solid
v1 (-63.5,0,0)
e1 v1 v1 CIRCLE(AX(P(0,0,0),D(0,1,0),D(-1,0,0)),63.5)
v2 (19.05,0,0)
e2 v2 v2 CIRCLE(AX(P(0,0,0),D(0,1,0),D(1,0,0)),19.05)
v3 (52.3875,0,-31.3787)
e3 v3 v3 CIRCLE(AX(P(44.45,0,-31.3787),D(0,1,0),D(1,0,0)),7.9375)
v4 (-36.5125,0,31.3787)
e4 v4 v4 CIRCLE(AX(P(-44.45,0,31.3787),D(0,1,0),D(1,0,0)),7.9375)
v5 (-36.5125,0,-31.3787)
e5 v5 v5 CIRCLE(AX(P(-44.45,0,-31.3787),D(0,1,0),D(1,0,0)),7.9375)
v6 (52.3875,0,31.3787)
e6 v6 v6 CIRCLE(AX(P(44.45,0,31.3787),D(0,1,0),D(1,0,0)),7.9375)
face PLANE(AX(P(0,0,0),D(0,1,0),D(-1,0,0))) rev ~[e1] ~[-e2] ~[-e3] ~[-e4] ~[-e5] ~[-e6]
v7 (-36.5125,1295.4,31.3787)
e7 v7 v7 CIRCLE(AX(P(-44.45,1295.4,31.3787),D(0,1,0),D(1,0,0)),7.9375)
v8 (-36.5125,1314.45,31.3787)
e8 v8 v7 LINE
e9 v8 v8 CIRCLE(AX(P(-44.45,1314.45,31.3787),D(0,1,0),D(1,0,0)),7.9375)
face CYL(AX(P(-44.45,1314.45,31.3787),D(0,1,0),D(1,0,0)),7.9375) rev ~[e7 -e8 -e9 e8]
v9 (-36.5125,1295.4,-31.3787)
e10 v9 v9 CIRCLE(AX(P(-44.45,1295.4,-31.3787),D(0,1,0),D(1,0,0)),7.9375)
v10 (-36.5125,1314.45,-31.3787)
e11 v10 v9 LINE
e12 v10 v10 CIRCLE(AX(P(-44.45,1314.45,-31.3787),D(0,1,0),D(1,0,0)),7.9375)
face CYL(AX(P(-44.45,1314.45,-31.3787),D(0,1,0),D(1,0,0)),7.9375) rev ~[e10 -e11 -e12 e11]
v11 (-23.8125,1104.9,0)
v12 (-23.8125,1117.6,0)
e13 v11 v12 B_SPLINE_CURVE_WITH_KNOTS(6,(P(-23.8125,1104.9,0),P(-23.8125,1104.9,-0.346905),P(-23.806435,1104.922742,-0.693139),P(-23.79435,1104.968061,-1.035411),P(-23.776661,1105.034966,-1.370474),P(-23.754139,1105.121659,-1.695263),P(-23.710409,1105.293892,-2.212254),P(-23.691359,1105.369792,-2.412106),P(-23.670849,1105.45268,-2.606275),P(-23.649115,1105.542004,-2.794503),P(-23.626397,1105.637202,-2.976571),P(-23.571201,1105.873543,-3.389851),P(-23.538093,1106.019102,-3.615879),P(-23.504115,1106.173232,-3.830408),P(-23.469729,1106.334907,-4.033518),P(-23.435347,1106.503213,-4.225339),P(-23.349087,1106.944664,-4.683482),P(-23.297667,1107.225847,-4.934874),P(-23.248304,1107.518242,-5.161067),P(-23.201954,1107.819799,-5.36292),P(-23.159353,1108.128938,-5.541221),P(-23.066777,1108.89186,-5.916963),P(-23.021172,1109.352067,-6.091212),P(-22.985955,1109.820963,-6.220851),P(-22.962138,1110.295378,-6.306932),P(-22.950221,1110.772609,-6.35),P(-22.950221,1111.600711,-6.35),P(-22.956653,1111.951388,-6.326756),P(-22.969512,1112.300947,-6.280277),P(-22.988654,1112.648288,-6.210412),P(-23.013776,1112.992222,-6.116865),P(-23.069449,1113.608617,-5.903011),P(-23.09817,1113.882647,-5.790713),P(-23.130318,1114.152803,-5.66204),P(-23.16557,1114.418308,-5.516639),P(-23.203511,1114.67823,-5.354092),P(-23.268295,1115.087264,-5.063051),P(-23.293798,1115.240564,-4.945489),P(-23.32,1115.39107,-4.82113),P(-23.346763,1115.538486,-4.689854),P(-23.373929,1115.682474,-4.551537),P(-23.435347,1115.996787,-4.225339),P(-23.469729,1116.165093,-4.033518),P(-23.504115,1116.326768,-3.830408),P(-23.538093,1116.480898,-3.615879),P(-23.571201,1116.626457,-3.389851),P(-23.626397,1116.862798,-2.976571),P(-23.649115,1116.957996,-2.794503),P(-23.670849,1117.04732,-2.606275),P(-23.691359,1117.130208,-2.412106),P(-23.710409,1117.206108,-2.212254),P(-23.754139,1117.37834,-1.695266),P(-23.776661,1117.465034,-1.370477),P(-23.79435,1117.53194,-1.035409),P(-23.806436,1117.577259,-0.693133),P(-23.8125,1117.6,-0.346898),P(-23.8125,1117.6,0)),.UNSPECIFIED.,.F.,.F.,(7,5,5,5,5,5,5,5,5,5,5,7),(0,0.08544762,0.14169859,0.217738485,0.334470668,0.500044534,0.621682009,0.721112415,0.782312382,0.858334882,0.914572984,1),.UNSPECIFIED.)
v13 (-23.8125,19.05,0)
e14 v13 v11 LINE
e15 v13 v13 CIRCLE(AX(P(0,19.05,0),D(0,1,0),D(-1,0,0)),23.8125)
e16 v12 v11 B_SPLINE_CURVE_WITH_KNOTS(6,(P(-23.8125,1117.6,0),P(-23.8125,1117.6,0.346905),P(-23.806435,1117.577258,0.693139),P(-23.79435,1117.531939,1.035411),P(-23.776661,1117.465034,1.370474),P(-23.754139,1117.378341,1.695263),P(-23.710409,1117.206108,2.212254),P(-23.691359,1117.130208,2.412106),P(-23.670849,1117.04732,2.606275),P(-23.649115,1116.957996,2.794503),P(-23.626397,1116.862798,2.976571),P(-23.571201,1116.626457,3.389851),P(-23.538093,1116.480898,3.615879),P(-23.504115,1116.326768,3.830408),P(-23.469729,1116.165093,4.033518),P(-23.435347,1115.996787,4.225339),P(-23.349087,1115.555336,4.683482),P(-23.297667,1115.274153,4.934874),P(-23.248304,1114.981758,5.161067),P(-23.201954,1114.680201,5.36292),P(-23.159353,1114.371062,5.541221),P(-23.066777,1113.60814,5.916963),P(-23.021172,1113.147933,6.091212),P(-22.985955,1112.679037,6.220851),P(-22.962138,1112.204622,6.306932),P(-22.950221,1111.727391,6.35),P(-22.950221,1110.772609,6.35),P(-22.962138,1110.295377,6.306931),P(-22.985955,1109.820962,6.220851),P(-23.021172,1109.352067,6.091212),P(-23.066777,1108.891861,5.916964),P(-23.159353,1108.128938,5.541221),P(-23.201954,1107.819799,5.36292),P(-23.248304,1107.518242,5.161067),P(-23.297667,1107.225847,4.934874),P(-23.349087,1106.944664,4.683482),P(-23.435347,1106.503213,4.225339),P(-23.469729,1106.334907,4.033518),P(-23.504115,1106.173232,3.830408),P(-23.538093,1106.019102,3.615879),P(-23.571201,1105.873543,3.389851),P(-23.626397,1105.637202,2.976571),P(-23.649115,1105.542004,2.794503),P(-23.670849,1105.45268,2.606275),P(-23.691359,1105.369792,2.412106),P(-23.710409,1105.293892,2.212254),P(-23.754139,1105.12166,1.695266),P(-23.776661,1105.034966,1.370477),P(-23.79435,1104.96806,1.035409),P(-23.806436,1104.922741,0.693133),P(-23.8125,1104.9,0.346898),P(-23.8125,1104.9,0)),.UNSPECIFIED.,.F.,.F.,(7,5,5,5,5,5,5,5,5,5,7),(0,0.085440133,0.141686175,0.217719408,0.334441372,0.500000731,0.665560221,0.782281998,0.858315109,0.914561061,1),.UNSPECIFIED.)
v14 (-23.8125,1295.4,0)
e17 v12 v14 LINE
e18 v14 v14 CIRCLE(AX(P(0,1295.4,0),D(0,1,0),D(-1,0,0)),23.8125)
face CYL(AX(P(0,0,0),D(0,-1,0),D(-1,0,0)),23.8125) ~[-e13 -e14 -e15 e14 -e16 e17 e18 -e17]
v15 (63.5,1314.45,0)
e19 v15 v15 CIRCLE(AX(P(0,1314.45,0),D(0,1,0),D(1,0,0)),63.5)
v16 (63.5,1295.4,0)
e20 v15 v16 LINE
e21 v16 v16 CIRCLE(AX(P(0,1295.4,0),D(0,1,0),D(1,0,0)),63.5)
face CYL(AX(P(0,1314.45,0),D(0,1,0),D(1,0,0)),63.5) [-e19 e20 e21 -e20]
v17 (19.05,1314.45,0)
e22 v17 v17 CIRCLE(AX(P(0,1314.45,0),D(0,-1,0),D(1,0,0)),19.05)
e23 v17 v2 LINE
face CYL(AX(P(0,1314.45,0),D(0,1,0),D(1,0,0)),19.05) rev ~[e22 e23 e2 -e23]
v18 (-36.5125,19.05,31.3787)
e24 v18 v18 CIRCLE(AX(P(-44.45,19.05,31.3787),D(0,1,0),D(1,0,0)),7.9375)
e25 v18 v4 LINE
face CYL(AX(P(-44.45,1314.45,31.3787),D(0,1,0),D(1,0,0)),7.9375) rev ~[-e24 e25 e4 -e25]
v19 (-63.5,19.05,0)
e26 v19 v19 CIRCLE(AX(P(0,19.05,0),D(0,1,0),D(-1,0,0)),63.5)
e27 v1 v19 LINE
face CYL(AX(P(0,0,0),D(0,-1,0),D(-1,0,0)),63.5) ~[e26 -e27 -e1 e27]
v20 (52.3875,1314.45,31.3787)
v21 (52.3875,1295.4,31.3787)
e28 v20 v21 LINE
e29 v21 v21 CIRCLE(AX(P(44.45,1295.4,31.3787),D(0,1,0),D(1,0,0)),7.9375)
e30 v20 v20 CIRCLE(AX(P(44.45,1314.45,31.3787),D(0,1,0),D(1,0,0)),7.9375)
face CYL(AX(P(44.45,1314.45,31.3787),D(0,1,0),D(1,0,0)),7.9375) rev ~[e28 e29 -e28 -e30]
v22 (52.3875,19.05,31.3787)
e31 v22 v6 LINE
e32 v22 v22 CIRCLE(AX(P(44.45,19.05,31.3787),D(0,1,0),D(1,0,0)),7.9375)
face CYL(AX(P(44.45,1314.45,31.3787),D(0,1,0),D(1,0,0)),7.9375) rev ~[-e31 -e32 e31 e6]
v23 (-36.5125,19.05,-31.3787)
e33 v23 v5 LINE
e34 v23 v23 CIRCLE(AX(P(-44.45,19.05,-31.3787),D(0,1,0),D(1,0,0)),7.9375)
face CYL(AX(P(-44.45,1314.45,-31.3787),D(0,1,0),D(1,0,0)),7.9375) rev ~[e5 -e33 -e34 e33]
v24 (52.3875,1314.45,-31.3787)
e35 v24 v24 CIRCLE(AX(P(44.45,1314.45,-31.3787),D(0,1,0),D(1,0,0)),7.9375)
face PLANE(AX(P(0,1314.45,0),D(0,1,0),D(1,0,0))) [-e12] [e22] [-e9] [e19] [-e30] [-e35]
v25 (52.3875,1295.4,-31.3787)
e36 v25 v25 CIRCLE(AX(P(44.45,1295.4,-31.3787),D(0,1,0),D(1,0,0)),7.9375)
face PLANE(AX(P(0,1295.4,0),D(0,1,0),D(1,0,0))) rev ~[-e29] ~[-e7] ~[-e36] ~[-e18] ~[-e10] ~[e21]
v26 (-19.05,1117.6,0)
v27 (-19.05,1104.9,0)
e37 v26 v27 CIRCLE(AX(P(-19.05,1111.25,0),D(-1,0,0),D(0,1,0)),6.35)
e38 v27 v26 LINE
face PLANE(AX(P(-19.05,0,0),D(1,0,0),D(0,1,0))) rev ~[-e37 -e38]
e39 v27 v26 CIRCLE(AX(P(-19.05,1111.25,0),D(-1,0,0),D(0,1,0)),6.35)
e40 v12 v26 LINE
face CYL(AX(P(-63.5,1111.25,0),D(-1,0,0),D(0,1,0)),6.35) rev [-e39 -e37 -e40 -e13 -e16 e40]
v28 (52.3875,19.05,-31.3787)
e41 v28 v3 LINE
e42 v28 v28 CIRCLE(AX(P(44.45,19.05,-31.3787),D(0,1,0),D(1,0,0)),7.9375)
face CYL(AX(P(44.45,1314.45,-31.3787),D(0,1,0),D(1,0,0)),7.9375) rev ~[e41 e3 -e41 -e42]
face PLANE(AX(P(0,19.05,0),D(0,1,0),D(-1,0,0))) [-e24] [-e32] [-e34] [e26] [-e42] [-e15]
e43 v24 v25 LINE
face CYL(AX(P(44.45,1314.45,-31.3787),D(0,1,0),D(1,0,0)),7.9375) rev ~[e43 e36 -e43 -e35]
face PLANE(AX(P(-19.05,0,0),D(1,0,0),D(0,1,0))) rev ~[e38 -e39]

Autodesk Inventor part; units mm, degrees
ref_plane "XZ Plane" through (0, 0, 0) normal (0, 1, 0) x (-1, 0, 0)
ref_plane "XY Plane" through (0, 0, 0) normal (0, 0, 1) x (1, 0, 0)
sketch "Sketch1" plane through (0, 0, 0) normal (0, 1, 0) x (-1, 0, 0)
  circle A0 centre (0, 0) radius 23.8125
  circle A1 centre (0, 0) radius 63.5
  dimension "d2" = 127
  dimension "d8" = 47.625
extrude "Extrusion1" add sketch "Sketch1" along normal blind 1314.45 contours A0
extrude "Extrusion2" add sketch "Sketch1" along normal blind 19.05
sketch "Sketch3" plane through (0, 1314.45, 0) normal (0, 1, 0) x (1, 0, 0)
  circle A0 centre (0, 0) radius 23.8125 projected
  circle A1 centre (0, 0) radius 63.5
  dimension "d5" = 127
extrude "Extrusion3" add sketch "Sketch3" against normal blind 19.05
sketch "Sketch4" plane through (0, 1314.45, 0) normal (0, 1, 0) x (1, 0, 0)
  circle A0 centre (0, 0) radius 63.5 projected
  line L0 (0, 63.5) -> (0, -63.5)
  line L1 (63.5, 0) -> (-63.5, 0)
  circle A1 centre (44.45, 31.3787) radius 7.9375
  circle A2 centre (0, 0) radius 19.05
  circle A3 centre (44.45, -31.3787) radius 7.9375
  circle A4 centre (-44.45, 31.3787) radius 7.9375
  circle A5 centre (-44.45, -31.3787) radius 7.9375
  line L2 (0, 0) -> (-44.9013, 44.9013)
  line L3 (0, 0) -> (44.9013, 44.9013)
  point P0 (-22.4506, 22.4506)
  dimension "d9" = 38.1
  dimension "d12" = 44.45
  dimension "d13" = 15.875
  dimension "d26" = 45
  dimension "d28" = 45
extrude "Extrusion4" cut sketch "Sketch4" against normal blind 1314.45 contours A2 L0 L1 | L1 L3 A2 | L3 L0 A2 | A2 L1 L0 | L2 A2 L0 | L1 A2 L2
extrude "Extrusion5" cut sketch "Sketch4" against normal blind 1314.45 contours A1 | A3 | A4 | A5
ref_plane "Work Plane1" through (-63.5, 0, 0) normal (1, 0, 0) x (0, 1, 0)
sketch "Sketch5" plane through (-63.5, 0, 0) normal (1, 0, 0) x (0, 1, 0)
  line L0 (1314.45, 19.05) -> (0, 19.05) projected
  line L1 (1111.25, 19.05) -> (1111.25, -14.2371)
  line L2 (1314.45, -63.5) -> (1314.45, 63.5) projected
  circle A0 centre (1111.25, 0) radius 6.35
  point P0 (0, 0)
  dimension "d17" = 203.2
  dimension "d18" = 12.7
extrude "Extrusion6" cut sketch "Sketch5" along normal blind 44.45
thread "Thread1" size "1/2-13 UNC" class "2B" standard "ANSI Unified Screw Threads" full length
ref_plane "Work Plane2" through (-23.8125, 0, 0) normal (1, 0, 0) x (0, 1, 0)
sketch "Sketch6" plane through (-63.5, 0, 0) normal (1, 0, 0) x (0, 1, 0)
  line L0 (4.6815, -69.7945) -> (23.2887, -69.7945)
  line L1 (23.2887, -69.7945) -> (1344.0887, -69.7945)
  line L2 (683.6887, -69.7945) -> (683.6887, -90.3747)
  line L3 (683.6887, -69.7945) -> (683.6887, -37.5296)
  line L4 (683.6887, -69.7945) -> (715.9537, -69.7945) construction
  point P0 (0, 0)
  dimension "d23" = 1320.8
  dimension "d24" = 90
ref_plane "Work Plane3" through (0, 1314.45, 0) normal (0.7071, 0, -0.7071) x (-0.7071, 0, -0.7071)
ref_plane "Work Plane4" through (0, 1314.45, 0) normal (-0.7071, 0, -0.7071) x (0.7071, 0, -0.7071)
properties part number "New Metal Pipe"
